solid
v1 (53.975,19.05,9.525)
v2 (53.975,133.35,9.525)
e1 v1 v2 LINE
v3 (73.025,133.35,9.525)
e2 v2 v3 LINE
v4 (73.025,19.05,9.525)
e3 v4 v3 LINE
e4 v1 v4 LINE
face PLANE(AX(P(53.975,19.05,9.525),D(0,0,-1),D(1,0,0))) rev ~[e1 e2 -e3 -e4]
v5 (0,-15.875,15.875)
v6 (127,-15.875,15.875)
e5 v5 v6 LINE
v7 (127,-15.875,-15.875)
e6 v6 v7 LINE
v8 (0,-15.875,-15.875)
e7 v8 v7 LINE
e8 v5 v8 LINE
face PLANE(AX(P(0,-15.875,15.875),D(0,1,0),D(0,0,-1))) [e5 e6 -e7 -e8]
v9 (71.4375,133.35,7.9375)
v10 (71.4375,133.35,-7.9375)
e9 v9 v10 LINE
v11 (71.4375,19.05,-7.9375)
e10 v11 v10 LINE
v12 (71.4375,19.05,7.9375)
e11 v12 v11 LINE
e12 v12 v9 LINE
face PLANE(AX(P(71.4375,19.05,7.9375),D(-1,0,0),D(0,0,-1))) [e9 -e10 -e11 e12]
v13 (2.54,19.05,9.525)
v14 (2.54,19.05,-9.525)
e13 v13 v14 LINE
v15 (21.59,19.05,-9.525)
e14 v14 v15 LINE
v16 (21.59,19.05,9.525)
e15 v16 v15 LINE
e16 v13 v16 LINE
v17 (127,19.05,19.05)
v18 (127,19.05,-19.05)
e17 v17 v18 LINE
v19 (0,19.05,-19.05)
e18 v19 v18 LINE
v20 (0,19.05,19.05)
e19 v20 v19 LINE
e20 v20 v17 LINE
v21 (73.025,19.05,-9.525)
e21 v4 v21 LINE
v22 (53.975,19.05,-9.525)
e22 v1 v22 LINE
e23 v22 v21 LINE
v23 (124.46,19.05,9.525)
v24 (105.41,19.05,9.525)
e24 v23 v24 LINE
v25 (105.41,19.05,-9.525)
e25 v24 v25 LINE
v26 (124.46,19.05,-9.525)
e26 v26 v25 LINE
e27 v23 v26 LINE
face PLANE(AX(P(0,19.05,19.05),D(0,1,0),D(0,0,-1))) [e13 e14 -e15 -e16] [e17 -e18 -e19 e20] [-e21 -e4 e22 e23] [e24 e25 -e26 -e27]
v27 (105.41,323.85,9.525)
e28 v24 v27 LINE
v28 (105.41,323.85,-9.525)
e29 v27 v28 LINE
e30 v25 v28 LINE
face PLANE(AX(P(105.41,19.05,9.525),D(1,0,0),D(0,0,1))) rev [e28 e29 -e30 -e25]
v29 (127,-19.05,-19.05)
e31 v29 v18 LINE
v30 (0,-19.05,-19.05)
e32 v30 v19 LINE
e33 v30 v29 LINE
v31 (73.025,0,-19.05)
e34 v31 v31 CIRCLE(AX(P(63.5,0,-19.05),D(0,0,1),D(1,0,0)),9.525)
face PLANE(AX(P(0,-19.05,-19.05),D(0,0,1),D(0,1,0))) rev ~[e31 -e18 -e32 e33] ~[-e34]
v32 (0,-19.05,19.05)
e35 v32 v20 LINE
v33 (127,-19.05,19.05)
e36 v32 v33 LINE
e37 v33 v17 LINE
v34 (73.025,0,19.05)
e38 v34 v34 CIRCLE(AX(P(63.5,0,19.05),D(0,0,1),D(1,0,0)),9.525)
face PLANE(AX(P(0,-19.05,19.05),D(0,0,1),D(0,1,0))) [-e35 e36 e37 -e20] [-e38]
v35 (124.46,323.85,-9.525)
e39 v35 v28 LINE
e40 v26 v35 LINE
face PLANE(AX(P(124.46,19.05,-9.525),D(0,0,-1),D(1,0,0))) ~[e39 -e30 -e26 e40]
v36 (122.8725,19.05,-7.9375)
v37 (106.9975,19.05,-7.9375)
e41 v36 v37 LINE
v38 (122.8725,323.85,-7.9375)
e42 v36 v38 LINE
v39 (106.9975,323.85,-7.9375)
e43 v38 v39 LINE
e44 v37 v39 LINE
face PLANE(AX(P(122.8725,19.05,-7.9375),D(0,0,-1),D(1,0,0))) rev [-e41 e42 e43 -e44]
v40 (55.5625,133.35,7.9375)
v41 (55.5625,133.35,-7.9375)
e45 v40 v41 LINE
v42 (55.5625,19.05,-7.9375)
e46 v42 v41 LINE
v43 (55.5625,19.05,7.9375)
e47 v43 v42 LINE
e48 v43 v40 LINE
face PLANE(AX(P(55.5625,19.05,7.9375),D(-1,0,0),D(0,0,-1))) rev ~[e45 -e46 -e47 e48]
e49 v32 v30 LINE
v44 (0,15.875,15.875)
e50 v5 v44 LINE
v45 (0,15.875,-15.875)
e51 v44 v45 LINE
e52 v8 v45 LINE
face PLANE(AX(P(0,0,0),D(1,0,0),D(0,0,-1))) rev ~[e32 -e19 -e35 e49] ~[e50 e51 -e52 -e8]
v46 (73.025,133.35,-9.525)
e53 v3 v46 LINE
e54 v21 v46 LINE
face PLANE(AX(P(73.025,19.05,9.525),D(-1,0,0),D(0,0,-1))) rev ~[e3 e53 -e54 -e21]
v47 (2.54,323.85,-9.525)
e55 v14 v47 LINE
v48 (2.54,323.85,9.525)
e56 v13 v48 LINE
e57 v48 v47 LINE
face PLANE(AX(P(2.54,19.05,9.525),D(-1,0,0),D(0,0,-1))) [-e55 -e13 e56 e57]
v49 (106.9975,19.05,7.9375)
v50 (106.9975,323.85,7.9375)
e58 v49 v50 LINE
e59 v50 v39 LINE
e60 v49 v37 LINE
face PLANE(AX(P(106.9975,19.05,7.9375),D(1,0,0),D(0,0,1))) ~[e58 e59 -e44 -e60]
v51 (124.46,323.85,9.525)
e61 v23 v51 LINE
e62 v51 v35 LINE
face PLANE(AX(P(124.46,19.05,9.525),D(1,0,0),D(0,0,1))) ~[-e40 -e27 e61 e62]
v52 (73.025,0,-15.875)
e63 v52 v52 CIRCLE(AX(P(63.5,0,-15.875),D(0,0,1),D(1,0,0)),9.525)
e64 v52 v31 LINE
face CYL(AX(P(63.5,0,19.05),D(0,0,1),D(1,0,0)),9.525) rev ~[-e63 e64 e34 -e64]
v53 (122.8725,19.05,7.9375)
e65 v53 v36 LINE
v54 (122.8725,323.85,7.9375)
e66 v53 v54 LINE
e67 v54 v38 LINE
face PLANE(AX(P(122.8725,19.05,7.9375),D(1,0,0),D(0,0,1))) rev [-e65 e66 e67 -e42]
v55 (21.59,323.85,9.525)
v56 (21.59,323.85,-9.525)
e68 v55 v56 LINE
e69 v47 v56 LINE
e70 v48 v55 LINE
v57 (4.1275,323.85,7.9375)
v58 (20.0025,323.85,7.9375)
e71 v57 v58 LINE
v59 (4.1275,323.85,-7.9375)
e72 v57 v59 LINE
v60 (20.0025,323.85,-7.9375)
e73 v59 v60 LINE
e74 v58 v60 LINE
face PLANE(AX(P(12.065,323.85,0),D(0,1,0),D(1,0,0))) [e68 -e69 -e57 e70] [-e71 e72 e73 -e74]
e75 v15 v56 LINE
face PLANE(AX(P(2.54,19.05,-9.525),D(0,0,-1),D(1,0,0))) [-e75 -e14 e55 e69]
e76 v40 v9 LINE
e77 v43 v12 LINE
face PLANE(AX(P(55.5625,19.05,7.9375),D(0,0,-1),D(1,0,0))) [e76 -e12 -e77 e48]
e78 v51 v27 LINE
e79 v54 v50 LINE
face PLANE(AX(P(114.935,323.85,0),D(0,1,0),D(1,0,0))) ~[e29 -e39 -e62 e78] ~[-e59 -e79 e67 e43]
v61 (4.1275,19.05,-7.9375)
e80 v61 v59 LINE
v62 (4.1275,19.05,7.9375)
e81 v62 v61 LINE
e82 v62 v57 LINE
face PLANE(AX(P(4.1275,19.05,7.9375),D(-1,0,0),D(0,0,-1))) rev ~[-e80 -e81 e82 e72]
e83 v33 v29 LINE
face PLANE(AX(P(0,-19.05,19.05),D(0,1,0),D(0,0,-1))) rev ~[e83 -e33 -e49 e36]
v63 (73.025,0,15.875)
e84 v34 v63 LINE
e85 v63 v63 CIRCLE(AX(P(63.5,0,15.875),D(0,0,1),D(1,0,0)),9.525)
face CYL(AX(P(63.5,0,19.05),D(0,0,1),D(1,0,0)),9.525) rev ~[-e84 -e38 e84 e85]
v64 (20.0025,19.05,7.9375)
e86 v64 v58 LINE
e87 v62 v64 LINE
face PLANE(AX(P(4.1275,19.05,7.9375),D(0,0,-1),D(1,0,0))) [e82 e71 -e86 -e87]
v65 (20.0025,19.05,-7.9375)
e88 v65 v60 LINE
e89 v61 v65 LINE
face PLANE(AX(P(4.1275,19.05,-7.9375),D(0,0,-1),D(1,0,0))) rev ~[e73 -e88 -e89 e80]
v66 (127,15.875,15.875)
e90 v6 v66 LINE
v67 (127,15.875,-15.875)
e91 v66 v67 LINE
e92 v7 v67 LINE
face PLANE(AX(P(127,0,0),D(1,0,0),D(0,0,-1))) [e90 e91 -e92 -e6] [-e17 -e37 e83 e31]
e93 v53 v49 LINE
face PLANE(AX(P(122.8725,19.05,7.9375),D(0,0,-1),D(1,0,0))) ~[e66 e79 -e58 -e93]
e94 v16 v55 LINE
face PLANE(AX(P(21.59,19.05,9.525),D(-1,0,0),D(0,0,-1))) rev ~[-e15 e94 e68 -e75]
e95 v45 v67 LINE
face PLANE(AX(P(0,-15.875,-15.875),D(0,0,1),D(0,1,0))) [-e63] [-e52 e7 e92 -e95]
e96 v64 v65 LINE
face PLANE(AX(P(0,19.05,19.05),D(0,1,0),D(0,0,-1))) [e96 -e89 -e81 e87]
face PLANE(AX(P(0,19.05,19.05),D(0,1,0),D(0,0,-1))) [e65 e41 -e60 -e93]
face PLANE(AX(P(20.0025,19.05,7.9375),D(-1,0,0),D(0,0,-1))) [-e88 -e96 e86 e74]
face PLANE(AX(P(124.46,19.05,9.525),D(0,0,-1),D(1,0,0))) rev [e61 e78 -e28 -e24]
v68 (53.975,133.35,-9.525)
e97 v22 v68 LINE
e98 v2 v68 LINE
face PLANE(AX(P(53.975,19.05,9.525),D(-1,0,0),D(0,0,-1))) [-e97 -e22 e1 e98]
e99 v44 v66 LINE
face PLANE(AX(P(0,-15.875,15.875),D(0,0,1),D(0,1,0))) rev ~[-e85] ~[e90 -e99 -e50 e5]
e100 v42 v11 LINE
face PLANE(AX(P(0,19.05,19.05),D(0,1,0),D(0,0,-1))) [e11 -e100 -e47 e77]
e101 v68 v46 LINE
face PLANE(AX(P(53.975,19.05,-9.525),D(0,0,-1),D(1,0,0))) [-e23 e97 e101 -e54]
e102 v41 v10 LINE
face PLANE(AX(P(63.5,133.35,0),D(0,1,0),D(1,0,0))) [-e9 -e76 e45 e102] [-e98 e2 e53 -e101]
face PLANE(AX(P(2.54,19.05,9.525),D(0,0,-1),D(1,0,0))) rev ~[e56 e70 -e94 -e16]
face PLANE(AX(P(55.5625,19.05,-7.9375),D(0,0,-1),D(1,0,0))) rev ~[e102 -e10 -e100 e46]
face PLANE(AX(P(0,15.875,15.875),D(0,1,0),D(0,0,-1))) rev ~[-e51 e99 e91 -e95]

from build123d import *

# Parameters (mm, degrees)
SKETCH1_W           = 38.1
SKETCH1_H           = 38.1
SKETCH1_W_2         = 31.75
SKETCH1_H_2         = 31.75
BOSS_EXTRUDE1_DEPTH = 127
SKETCH2_W           = 19.05
SKETCH2_H           = 19.05
SKETCH2_W_2         = 15.875
SKETCH2_H_2         = 15.875
BOSS_EXTRUDE2_DEPTH = 114.3
SKETCH3_W           = 19.05
SKETCH3_H           = 19.05
SKETCH3_W_2         = 15.875
SKETCH3_H_2         = 15.875
BOSS_EXTRUDE3_DEPTH = 304.8
SKETCH4_R           = 9.525
CUT_EXTRUDE1_DEPTH  = 350.94204163


with BuildPart() as part:
    # Sketch1 → Boss-Extrude1 (new body)
    with BuildSketch(Plane(origin=(0, 0, 0), x_dir=(0, 0, -1), z_dir=(1, 0, 0))):
        Rectangle(SKETCH1_W, SKETCH1_H)
        Rectangle(SKETCH1_W_2, SKETCH1_H_2, mode=Mode.SUBTRACT)
    extrude(amount=BOSS_EXTRUDE1_DEPTH)

    # Sketch2 → Boss-Extrude2 (add)
    with BuildSketch(Plane(origin=(0, 19.05, 0), x_dir=(1, 0, 0), z_dir=(0, 1, 0))):
        with Locations((63.5, 0)):
            Rectangle(SKETCH2_W, SKETCH2_H)
        with Locations((63.5, 0)):
            Rectangle(SKETCH2_W_2, SKETCH2_H_2, mode=Mode.SUBTRACT)
    extrude(amount=BOSS_EXTRUDE2_DEPTH)

    # Sketch3 → Boss-Extrude3 (add)
    with BuildSketch(Plane(origin=(0, 19.05, 0), x_dir=(1, 0, 0), z_dir=(0, 1, 0))):
        with Locations((12.065, 0)):
            Rectangle(SKETCH3_W, SKETCH3_H)
        with Locations((12.065, 0)):
            Rectangle(SKETCH3_W_2, SKETCH3_H_2, mode=Mode.SUBTRACT)
    boss_extrude3 = extrude(amount=BOSS_EXTRUDE3_DEPTH)

    # Mirror1: Boss-Extrude3 across plane
    add(boss_extrude3.mirror(Plane.ZY.offset(-63.5)))

    # Sketch4 → Cut-Extrude1 (cut, through all)
    with BuildSketch(Plane.XY.offset(19.05)):
        with Locations((63.5, 0)):
            Circle(SKETCH4_R)
    extrude(amount=-CUT_EXTRUDE1_DEPTH, mode=Mode.SUBTRACT)


solid = part.part
